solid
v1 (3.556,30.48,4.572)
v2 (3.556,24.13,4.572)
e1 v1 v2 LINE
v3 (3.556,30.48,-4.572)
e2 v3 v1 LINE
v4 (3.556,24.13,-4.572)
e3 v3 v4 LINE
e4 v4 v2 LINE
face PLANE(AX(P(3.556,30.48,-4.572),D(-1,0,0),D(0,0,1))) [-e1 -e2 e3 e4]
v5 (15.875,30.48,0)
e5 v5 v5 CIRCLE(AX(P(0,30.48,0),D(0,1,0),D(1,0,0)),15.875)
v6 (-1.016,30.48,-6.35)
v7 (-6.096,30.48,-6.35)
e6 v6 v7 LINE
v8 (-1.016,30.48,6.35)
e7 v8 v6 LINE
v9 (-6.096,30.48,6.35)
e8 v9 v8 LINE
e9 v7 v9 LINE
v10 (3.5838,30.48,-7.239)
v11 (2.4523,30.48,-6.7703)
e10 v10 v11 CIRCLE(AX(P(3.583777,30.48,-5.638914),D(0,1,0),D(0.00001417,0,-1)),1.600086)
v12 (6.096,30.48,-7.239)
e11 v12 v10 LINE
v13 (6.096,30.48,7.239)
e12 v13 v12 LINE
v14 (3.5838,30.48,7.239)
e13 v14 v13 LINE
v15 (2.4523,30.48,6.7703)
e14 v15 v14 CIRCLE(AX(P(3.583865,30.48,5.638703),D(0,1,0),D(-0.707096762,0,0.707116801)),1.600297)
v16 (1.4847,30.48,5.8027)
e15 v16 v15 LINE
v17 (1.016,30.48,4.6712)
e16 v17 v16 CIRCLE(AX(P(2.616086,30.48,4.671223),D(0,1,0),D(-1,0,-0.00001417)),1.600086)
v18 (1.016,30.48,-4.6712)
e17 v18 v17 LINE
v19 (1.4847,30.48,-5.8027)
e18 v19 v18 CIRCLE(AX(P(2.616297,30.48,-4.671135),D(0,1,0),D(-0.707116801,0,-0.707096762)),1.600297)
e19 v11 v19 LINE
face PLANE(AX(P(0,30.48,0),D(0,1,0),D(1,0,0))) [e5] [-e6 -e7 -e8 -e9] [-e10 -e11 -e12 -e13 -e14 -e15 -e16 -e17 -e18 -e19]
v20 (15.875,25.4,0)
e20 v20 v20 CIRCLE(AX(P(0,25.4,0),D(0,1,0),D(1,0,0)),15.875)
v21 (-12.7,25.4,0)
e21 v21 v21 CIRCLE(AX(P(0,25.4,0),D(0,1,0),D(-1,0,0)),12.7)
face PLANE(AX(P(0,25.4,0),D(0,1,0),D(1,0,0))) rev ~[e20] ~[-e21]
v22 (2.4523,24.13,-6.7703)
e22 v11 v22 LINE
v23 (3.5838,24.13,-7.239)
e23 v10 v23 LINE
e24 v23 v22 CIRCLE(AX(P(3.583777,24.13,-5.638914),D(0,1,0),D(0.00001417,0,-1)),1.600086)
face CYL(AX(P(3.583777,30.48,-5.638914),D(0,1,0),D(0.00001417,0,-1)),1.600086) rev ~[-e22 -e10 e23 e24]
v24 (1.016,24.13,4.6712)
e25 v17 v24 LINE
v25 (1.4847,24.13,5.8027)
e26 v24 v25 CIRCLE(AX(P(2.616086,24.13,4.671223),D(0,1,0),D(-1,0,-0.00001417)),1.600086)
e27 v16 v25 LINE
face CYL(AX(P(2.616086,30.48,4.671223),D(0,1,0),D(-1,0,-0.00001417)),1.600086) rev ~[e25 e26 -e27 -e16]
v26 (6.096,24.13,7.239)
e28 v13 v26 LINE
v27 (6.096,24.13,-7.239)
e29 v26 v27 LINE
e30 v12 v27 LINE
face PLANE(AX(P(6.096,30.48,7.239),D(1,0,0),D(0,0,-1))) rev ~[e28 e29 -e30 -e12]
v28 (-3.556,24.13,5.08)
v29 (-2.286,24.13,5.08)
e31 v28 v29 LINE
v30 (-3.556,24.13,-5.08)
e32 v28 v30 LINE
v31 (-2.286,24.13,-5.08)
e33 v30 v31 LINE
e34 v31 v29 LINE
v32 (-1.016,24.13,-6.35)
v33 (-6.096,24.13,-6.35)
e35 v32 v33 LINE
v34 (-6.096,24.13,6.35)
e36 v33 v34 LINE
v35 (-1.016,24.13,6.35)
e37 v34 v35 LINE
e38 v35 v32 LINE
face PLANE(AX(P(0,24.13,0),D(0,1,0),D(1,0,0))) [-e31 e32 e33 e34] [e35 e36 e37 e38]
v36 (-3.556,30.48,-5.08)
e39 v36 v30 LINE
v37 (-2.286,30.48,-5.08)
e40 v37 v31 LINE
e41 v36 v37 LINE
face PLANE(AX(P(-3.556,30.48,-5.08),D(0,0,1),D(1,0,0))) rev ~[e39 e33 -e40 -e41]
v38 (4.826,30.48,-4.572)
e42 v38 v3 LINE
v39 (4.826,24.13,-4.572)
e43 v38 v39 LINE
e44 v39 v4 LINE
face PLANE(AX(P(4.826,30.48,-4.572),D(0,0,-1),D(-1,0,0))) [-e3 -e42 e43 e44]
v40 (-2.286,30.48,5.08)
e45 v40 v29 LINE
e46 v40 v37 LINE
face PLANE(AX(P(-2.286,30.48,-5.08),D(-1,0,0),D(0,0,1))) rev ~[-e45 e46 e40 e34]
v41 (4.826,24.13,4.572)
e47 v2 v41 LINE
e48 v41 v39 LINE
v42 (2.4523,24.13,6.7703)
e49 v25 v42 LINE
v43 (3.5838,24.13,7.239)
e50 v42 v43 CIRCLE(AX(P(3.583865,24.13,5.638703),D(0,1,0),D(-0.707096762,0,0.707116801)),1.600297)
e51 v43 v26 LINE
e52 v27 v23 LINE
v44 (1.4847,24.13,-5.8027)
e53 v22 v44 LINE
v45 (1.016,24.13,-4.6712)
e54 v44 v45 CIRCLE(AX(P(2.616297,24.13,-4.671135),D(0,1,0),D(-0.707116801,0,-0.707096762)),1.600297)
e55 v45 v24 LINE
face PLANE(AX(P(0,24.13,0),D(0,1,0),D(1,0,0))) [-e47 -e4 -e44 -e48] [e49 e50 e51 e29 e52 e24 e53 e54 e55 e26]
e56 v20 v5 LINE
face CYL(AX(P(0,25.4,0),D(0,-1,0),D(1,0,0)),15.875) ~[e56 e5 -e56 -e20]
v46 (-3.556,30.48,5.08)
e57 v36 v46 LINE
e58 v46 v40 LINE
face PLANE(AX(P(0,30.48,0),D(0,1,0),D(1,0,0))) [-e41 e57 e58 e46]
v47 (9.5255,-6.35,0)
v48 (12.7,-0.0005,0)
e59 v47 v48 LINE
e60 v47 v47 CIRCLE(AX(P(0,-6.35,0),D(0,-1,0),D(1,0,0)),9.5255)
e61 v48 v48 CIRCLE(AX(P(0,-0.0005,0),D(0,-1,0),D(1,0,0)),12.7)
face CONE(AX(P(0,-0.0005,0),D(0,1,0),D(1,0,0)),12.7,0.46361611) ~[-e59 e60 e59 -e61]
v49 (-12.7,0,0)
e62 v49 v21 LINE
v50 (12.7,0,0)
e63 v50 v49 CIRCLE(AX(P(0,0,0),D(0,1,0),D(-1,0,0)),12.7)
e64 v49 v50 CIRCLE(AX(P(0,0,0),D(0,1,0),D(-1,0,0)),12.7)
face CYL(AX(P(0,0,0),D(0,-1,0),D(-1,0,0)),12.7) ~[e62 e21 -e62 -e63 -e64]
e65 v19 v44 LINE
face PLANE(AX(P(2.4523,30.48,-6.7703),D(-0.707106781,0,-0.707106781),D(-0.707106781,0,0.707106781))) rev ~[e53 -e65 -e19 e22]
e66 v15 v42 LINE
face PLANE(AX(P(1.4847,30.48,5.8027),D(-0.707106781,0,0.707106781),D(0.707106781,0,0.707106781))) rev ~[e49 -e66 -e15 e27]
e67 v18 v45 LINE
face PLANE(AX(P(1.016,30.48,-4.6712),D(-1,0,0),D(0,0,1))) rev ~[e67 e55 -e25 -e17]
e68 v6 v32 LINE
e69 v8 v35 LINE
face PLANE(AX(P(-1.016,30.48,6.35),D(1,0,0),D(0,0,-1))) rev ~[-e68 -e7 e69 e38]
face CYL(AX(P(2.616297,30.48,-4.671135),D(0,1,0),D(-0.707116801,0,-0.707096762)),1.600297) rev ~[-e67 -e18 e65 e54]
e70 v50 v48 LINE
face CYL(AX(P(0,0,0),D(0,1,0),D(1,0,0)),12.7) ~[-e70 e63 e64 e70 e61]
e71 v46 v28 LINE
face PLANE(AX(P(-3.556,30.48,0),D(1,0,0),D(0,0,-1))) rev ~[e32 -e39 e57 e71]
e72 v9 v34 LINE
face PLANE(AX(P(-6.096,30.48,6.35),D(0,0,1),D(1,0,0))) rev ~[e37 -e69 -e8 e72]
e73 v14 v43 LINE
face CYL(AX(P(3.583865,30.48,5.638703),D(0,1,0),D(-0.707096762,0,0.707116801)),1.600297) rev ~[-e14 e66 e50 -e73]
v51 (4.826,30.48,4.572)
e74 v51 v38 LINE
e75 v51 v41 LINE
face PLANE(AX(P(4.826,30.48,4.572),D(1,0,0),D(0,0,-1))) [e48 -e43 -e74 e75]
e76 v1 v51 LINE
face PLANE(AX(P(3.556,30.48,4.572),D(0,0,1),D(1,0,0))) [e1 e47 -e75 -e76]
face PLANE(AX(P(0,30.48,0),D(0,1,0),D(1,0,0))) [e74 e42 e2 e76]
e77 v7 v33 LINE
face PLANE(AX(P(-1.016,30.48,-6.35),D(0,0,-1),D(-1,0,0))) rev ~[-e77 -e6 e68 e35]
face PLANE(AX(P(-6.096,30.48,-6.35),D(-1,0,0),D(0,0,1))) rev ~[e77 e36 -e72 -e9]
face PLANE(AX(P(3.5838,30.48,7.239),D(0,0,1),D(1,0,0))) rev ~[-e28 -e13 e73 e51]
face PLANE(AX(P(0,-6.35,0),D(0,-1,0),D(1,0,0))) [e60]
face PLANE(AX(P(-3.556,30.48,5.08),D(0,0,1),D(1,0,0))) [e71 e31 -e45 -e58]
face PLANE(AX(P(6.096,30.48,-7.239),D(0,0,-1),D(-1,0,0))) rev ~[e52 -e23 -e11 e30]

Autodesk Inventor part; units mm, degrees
ref_plane "YZ Plane" through (0, 0, 0) normal (1, 0, 0) x (0, 1, 0)
ref_plane "XZ Plane" through (0, 0, 0) normal (0, 1, 0) x (-1, 0, 0)
ref_plane "XY Plane" through (0, 0, 0) normal (0, 0, 1) x (1, 0, 0)
sketch "Sketch1" plane through (0, 0, 0) normal (0, 1, 0) x (-1, 0, 0)
  circle A0 centre (0, 0) radius 12.7
  dimension "d0" = 25.4
extrude "Extrusion1" add sketch "Sketch1" along normal blind 25.4
sketch "Sketch2" plane through (0, 25.4, 0) normal (0, 1, 0) x (1, 0, 0)
  circle A0 centre (0, 0) radius 15.875
  dimension "d3" = 31.75
extrude "Extrusion2" add sketch "Sketch2" along normal blind 5.08
sketch "Sketch3" plane through (0, 0, 0) normal (0, -1, 0) x (1, 0, 0)
  circle A0 centre (0, 0) radius 12.7 projected
extrude "Extrusion3" add sketch "Sketch3" along normal blind 6.35
chamfer "Chamfer1" distance 3.175 distance2 6.35 1 edges at (-12.7, -6.35, 0) measured on face at (0.3934, -6.35, -3.2397)
sketch "Sketch4" plane through (0, 30.48, 0) normal (0, 1, 0) x (1, 0, 0)
  line L0 (0, 0) -> (1.016, 0) construction
  line L1 (0, 0) -> (-1.016, 0) construction
  line L2 (-1.016, 0) -> (-3.556, 0) construction
  line L3 (-3.556, 0) -> (-3.556, 6.35) construction
  line L4 (-3.556, 6.35) -> (-1.016, 6.35) construction
  line L5 (-1.016, 6.35) -> (-1.016, 0) construction
  line L6 (-1.016, 6.35) -> (-6.096, 6.35)
  line L7 (-6.096, 6.35) -> (-6.096, -6.35)
  line L8 (-6.096, -6.35) -> (-1.016, -6.35)
  line L9 (-1.016, -6.35) -> (-1.016, 6.35)
  line L10 (1.016, 0) -> (1.016, 7.239) construction
  line L11 (1.016, 0) -> (6.096, 0) construction
  line L12 (3.556, 0) -> (3.556, 4.572) construction
  line L13 (3.556, 0) -> (3.556, -4.572) construction
  line L14 (3.556, 4.572) -> (4.826, 4.572) construction
  line L15 (3.556, -4.572) -> (2.286, -4.572) construction
  line L16 (4.826, 4.572) -> (3.556, 4.572)
  line L17 (3.556, 4.572) -> (3.556, -4.572)
  line L18 (3.556, -4.572) -> (4.826, -4.572)
  line L19 (4.826, -4.572) -> (4.826, 4.572)
  line L20 (1.016, 7.239) -> (6.096, 7.239) construction
  line L21 (6.096, 7.239) -> (3.5838, 7.239)
  line L22 (1.016, 4.6712) -> (1.016, -4.6712)
  line L23 (3.5838, -7.239) -> (6.096, -7.239)
  line L24 (6.096, -7.239) -> (6.096, 7.239)
  line L25 (-2.286, 0) -> (-3.556, 0)
  line L26 (-3.556, 0) -> (-3.556, 5.08)
  line L27 (-3.556, 5.08) -> (-2.286, 5.08)
  line L28 (-2.286, 5.08) -> (-2.286, 0)
  line L29 (-2.286, 0) -> (-3.556, 0)
  line L30 (-3.556, 0) -> (-3.556, -5.08)
  line L31 (-3.556, -5.08) -> (-2.286, -5.08)
  line L32 (-2.286, -5.08) -> (-2.286, 0)
  line L33 (1.016, 7.239) -> (1.016, 5.334) construction
  line L34 (1.016, -7.239) -> (1.016, -5.334) construction
  line L35 (1.016, -7.239) -> (2.921, -7.239) construction
  line L36 (1.016, 7.239) -> (2.921, 7.239) construction
  line L37 (2.4523, 6.7703) -> (1.4847, 5.8027)
  line L38 (1.4847, -5.8027) -> (2.4523, -6.7703)
  arc A0 (3.5838, 7.239) -> (2.4523, 6.7703) centre (3.5838, 5.6388) ccw
  arc A1 (1.4847, 5.8027) -> (1.016, 4.6712) centre (2.6162, 4.6712) ccw
  arc A2 (1.016, -4.6712) -> (1.4847, -5.8027) centre (2.6162, -4.6712) ccw
  arc A3 (2.4523, -6.7703) -> (3.5838, -7.239) centre (3.5838, -5.6388) ccw
  dimension "d11" = 1.016
  dimension "d12" = 1.016
  dimension "d13" = 2.54
  dimension "d14" = 6.35
  dimension "d15" = 5.08
  dimension "d16" = 12.7
  dimension "d17" = 7.239
  dimension "d18" = 5.08
  dimension "d19" = 4.572
  dimension "d20" = 4.572
  dimension "d21" = 1.27
  dimension "d22" = 1.27
  dimension "d23" = 5.08
  dimension "d24" = 14.478
  dimension "d25" = 5.08
  dimension "d26" = 5.08
  dimension "d27" = 1.905
  dimension "d28" = 1.905
  dimension "d29" = 1.905
  dimension "d30" = 1.905
  dimension "d31" = 1.6002
extrude "Extrusion4" cut sketch "Sketch4" against normal blind 6.35
properties part number "usbHdmiPanelMount" material "ABS Plastic"
